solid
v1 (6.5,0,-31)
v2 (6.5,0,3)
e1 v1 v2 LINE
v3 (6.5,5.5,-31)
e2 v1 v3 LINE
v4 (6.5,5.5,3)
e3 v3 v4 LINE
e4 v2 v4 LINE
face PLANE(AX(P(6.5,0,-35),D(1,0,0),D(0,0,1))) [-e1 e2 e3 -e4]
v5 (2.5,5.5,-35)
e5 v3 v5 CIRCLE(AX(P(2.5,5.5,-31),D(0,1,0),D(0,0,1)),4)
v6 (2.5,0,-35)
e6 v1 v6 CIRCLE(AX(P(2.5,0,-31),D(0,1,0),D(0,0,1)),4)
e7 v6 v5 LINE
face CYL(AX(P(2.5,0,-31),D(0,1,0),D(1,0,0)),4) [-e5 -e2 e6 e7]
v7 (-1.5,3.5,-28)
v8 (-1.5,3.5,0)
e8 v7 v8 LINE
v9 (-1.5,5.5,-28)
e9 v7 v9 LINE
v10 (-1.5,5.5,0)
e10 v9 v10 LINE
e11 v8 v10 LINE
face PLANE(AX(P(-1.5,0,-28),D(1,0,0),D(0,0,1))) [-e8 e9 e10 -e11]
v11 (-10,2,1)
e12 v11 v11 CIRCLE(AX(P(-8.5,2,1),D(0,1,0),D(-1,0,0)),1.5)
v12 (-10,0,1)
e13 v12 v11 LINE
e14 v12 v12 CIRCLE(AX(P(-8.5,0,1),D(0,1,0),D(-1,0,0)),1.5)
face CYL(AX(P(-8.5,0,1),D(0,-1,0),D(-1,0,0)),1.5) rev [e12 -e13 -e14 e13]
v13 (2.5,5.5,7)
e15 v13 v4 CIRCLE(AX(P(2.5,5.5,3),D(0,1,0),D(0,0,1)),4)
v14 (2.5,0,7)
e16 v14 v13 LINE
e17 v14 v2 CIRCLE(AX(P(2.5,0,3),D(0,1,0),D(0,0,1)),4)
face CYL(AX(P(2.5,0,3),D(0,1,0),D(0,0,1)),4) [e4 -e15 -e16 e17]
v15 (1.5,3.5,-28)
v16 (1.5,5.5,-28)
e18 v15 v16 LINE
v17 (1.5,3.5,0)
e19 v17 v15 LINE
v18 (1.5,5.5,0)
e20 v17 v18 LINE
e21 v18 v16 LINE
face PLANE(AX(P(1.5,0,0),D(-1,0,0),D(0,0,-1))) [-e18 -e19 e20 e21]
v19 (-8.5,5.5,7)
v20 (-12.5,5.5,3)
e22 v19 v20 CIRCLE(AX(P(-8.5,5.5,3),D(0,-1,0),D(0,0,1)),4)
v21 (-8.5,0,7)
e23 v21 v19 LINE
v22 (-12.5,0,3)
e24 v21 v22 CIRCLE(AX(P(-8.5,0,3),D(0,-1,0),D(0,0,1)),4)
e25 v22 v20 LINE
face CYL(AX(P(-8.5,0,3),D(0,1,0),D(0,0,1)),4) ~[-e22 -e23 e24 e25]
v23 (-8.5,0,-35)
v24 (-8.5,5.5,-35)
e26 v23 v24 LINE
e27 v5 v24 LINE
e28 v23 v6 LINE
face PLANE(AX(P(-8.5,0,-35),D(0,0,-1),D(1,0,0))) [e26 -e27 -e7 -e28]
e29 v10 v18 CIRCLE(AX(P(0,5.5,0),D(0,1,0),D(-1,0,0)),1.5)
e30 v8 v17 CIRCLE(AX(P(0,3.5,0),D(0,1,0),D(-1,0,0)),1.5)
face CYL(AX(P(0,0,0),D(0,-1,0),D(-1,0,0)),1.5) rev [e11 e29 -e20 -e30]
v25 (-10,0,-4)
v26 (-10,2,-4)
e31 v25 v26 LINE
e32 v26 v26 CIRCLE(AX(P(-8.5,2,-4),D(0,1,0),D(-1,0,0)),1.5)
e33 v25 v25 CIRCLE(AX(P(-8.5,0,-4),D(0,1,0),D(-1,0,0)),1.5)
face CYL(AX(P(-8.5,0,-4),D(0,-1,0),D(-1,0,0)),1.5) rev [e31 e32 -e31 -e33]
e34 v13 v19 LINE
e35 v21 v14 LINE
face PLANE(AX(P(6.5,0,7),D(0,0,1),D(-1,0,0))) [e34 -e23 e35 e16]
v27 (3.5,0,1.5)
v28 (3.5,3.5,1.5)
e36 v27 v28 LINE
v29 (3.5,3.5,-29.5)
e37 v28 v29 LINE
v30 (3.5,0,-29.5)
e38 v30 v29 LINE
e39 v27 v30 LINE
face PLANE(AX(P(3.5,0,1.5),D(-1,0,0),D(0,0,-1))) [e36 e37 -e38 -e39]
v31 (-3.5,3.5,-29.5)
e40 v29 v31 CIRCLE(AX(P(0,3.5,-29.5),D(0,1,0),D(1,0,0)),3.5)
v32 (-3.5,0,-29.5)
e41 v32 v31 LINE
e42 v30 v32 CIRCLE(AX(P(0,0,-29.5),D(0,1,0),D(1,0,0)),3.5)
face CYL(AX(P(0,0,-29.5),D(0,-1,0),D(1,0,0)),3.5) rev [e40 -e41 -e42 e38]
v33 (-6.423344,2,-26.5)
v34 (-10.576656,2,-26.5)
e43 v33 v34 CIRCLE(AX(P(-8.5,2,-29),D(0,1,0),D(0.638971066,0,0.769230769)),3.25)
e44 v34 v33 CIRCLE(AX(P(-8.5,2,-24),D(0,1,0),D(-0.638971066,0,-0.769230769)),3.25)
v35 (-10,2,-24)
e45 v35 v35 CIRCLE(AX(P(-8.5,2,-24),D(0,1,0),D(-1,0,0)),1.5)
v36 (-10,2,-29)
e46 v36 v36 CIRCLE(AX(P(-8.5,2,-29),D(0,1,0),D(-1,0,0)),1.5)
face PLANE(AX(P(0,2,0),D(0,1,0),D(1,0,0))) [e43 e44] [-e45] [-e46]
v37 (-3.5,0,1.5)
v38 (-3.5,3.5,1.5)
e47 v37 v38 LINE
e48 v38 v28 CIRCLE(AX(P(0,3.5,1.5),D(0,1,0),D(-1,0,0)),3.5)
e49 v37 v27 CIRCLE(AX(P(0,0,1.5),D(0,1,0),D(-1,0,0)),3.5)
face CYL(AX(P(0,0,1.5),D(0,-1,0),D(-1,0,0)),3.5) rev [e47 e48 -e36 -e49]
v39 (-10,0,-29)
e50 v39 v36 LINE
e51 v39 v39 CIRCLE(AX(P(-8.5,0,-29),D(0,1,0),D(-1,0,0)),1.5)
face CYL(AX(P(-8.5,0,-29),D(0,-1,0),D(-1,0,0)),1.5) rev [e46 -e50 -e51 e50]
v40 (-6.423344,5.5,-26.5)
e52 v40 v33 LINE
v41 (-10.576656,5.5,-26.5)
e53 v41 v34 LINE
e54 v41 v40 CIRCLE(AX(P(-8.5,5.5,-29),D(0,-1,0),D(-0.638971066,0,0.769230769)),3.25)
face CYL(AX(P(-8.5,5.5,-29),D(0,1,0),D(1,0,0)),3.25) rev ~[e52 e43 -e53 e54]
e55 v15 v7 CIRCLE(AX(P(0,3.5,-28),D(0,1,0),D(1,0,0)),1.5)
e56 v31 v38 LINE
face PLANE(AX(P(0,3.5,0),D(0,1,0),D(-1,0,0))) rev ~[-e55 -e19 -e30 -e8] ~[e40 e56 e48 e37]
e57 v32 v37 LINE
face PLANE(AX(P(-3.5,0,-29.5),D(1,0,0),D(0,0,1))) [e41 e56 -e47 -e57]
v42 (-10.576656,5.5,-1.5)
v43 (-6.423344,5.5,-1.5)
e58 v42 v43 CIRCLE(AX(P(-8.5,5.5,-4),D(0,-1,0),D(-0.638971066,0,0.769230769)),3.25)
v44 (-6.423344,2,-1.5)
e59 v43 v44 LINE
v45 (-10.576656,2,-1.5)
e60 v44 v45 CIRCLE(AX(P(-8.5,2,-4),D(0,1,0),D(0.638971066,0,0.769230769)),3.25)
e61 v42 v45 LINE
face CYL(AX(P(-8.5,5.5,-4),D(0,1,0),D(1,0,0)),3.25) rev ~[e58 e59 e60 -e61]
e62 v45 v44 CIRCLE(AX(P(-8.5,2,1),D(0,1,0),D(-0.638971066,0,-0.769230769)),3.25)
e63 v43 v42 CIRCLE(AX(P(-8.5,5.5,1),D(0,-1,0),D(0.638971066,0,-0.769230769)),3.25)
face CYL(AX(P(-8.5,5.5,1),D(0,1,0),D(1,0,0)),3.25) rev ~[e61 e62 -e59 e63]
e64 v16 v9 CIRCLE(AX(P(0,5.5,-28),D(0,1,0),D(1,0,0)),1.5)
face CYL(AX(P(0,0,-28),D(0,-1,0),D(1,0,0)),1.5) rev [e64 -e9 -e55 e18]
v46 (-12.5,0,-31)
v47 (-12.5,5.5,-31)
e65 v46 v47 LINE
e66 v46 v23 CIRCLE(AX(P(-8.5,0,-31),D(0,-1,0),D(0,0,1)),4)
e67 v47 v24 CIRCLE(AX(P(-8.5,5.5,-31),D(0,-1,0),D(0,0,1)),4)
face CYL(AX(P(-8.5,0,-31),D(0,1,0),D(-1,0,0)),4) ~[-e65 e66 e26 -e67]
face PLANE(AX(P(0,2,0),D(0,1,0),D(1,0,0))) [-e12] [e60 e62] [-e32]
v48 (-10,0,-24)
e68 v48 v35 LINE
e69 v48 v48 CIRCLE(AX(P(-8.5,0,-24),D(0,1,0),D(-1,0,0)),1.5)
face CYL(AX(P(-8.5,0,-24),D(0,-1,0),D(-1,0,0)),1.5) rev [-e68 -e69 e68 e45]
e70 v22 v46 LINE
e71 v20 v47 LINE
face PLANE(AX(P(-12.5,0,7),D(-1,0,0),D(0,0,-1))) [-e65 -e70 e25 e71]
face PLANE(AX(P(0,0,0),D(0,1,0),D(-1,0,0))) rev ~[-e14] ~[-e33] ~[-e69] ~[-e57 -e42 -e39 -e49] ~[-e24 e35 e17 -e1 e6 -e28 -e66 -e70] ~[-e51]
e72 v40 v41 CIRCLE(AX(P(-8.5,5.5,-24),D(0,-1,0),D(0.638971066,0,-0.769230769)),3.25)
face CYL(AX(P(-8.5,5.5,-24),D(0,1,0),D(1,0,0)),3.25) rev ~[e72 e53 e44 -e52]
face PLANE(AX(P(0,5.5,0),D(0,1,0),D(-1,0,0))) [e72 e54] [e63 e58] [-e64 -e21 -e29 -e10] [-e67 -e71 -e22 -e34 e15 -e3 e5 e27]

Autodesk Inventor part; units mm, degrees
ref_plane "YZ Plane" through (0, 0, 0) normal (1, 0, 0) x (0, 1, 0)
ref_plane "XZ Plane" through (0, 0, 0) normal (0, 1, 0) x (-1, 0, 0)
ref_plane "XY Plane" through (0, 0, 0) normal (0, 0, 1) x (1, 0, 0)
sketch "Sketch1" plane through (0, 0, 0) normal (0, 1, 0) x (-1, 0, 0)
  line L0 (0, 0) -> (0, -28) construction
  line L1 (-1.5, 0) -> (-1.5, -28)
  line L2 (1.5, -28) -> (1.5, 0)
  arc A0 (1.5, 0) -> (-1.5, 0) centre (0, 0) ccw
  arc A1 (-1.5, -28) -> (1.5, -28) centre (0, -28) ccw
  line L3 (-6.5, 7) -> (12.5, 7)
  line L4 (12.5, 7) -> (12.5, -35)
  line L5 (12.5, -35) -> (-6.5, -35)
  line L6 (-6.5, -35) -> (-6.5, 7)
  line L7 (8.5, 7) -> (8.5, -35)
  circle A2 centre (8.5, -4) radius 1.5
  circle A3 centre (8.5, -24) radius 1.5
  line L8 (0, 1.5) -> (0, -29.5) construction
  line L9 (-3.5, 1.5) -> (-3.5, -29.5)
  line L10 (3.5, -29.5) -> (3.5, 1.5)
  arc A4 (3.5, 1.5) -> (-3.5, 1.5) centre (0, 1.5) ccw
  arc A5 (-3.5, -29.5) -> (3.5, -29.5) centre (0, -29.5) ccw
  circle A6 centre (8.5, 1) radius 1.5
  circle A7 centre (8.5, -29) radius 1.5
  point P0 (0, -14)
  point P1 (0, -14)
  dimension "d0" = 28
  dimension "d1" = 3
  dimension "d2" = 5
  dimension "d3" = 21
  dimension "d4" = 21
  dimension "d5" = 11
  dimension "d6" = 4
  dimension "d7" = 10
  dimension "d8" = 10
  dimension "d9" = 3
  dimension "d10" = 3
  dimension "d11" = 3.5
  dimension "d16" = 5
  dimension "d17" = 5
  dimension "d18" = 3
  dimension "d19" = 3
extrude "Extrusion1" add sketch "Sketch1" along normal blind 5.5 contours L3 L7 A6 A2 A3 A7 L5 L6 | L3 L4 L5 L7 A7 A3 A2 A6 | A4 L10 A5 L9
extrude "Extrusion2" cut sketch "Sketch1" along normal blind 3.5 contours A4 L10 A5 L9
fillet "Fillet1" radius 4 4 edges at (-12.5, 2.75, 7) (-12.5, 2.75, -35) (6.5, 2.75, 7) (6.5, 2.75, -35)
sketch "Sketch2" plane through (0, 5.5, 0) normal (0, 1, 0) x (1, 0, 0)
  arc A0 (6.5, 31) -> (2.5, 35) centre (2.5, 31) ccw projected
  line L0 (2.5, 35) -> (-8.5, 35) projected
  arc A1 (-8.5, 35) -> (-12.5, 31) centre (-8.5, 31) ccw projected
  line L1 (-12.5, 31) -> (-12.5, -3) projected
  arc A2 (-12.5, -3) -> (-8.5, -7) centre (-8.5, -3) ccw projected
  line L2 (-8.5, -7) -> (2.5, -7) projected
  arc A3 (2.5, -7) -> (6.5, -3) centre (2.5, -3) ccw projected
  line L3 (6.5, -3) -> (6.5, 31) projected
  circle A4 centre (-8.5, -1) radius 1.5 projected
  circle A5 centre (-8.5, 4) radius 1.5 projected
  circle A6 centre (-8.5, 24) radius 1.5 projected
  circle A7 centre (-8.5, 29) radius 1.5 projected
  arc A8 (-1.5, 0) -> (1.5, 0) centre (0, 0) ccw projected
  line L4 (-1.5, 0) -> (-1.5, 28) projected
  arc A9 (1.5, 28) -> (-1.5, 28) centre (0, 28) ccw projected
  line L5 (1.5, 28) -> (1.5, 0) projected
  circle A10 centre (-8.5, -1) radius 3.25
  circle A11 centre (-8.5, 4) radius 3.25
  circle A12 centre (-8.5, 24) radius 3.25
  circle A13 centre (-8.5, 29) radius 3.25
  point P0 (-6.4233, 1.5)
  point P1 (-10.5767, 1.5)
  point P2 (-10.5767, 26.5)
  point P3 (-6.4233, 26.5)
  dimension "d21" = 6.5
  dimension "d22" = 6.5
  dimension "d23" = 6.5
  dimension "d24" = 6.5
extrude "Extrusion3" cut sketch "Sketch2" against normal blind 3.5 contours A10 A11 | A11 A10 | A10 A11 | A12 A13 | A13 A12 | A12 A13
properties part number "EStopHolder"
